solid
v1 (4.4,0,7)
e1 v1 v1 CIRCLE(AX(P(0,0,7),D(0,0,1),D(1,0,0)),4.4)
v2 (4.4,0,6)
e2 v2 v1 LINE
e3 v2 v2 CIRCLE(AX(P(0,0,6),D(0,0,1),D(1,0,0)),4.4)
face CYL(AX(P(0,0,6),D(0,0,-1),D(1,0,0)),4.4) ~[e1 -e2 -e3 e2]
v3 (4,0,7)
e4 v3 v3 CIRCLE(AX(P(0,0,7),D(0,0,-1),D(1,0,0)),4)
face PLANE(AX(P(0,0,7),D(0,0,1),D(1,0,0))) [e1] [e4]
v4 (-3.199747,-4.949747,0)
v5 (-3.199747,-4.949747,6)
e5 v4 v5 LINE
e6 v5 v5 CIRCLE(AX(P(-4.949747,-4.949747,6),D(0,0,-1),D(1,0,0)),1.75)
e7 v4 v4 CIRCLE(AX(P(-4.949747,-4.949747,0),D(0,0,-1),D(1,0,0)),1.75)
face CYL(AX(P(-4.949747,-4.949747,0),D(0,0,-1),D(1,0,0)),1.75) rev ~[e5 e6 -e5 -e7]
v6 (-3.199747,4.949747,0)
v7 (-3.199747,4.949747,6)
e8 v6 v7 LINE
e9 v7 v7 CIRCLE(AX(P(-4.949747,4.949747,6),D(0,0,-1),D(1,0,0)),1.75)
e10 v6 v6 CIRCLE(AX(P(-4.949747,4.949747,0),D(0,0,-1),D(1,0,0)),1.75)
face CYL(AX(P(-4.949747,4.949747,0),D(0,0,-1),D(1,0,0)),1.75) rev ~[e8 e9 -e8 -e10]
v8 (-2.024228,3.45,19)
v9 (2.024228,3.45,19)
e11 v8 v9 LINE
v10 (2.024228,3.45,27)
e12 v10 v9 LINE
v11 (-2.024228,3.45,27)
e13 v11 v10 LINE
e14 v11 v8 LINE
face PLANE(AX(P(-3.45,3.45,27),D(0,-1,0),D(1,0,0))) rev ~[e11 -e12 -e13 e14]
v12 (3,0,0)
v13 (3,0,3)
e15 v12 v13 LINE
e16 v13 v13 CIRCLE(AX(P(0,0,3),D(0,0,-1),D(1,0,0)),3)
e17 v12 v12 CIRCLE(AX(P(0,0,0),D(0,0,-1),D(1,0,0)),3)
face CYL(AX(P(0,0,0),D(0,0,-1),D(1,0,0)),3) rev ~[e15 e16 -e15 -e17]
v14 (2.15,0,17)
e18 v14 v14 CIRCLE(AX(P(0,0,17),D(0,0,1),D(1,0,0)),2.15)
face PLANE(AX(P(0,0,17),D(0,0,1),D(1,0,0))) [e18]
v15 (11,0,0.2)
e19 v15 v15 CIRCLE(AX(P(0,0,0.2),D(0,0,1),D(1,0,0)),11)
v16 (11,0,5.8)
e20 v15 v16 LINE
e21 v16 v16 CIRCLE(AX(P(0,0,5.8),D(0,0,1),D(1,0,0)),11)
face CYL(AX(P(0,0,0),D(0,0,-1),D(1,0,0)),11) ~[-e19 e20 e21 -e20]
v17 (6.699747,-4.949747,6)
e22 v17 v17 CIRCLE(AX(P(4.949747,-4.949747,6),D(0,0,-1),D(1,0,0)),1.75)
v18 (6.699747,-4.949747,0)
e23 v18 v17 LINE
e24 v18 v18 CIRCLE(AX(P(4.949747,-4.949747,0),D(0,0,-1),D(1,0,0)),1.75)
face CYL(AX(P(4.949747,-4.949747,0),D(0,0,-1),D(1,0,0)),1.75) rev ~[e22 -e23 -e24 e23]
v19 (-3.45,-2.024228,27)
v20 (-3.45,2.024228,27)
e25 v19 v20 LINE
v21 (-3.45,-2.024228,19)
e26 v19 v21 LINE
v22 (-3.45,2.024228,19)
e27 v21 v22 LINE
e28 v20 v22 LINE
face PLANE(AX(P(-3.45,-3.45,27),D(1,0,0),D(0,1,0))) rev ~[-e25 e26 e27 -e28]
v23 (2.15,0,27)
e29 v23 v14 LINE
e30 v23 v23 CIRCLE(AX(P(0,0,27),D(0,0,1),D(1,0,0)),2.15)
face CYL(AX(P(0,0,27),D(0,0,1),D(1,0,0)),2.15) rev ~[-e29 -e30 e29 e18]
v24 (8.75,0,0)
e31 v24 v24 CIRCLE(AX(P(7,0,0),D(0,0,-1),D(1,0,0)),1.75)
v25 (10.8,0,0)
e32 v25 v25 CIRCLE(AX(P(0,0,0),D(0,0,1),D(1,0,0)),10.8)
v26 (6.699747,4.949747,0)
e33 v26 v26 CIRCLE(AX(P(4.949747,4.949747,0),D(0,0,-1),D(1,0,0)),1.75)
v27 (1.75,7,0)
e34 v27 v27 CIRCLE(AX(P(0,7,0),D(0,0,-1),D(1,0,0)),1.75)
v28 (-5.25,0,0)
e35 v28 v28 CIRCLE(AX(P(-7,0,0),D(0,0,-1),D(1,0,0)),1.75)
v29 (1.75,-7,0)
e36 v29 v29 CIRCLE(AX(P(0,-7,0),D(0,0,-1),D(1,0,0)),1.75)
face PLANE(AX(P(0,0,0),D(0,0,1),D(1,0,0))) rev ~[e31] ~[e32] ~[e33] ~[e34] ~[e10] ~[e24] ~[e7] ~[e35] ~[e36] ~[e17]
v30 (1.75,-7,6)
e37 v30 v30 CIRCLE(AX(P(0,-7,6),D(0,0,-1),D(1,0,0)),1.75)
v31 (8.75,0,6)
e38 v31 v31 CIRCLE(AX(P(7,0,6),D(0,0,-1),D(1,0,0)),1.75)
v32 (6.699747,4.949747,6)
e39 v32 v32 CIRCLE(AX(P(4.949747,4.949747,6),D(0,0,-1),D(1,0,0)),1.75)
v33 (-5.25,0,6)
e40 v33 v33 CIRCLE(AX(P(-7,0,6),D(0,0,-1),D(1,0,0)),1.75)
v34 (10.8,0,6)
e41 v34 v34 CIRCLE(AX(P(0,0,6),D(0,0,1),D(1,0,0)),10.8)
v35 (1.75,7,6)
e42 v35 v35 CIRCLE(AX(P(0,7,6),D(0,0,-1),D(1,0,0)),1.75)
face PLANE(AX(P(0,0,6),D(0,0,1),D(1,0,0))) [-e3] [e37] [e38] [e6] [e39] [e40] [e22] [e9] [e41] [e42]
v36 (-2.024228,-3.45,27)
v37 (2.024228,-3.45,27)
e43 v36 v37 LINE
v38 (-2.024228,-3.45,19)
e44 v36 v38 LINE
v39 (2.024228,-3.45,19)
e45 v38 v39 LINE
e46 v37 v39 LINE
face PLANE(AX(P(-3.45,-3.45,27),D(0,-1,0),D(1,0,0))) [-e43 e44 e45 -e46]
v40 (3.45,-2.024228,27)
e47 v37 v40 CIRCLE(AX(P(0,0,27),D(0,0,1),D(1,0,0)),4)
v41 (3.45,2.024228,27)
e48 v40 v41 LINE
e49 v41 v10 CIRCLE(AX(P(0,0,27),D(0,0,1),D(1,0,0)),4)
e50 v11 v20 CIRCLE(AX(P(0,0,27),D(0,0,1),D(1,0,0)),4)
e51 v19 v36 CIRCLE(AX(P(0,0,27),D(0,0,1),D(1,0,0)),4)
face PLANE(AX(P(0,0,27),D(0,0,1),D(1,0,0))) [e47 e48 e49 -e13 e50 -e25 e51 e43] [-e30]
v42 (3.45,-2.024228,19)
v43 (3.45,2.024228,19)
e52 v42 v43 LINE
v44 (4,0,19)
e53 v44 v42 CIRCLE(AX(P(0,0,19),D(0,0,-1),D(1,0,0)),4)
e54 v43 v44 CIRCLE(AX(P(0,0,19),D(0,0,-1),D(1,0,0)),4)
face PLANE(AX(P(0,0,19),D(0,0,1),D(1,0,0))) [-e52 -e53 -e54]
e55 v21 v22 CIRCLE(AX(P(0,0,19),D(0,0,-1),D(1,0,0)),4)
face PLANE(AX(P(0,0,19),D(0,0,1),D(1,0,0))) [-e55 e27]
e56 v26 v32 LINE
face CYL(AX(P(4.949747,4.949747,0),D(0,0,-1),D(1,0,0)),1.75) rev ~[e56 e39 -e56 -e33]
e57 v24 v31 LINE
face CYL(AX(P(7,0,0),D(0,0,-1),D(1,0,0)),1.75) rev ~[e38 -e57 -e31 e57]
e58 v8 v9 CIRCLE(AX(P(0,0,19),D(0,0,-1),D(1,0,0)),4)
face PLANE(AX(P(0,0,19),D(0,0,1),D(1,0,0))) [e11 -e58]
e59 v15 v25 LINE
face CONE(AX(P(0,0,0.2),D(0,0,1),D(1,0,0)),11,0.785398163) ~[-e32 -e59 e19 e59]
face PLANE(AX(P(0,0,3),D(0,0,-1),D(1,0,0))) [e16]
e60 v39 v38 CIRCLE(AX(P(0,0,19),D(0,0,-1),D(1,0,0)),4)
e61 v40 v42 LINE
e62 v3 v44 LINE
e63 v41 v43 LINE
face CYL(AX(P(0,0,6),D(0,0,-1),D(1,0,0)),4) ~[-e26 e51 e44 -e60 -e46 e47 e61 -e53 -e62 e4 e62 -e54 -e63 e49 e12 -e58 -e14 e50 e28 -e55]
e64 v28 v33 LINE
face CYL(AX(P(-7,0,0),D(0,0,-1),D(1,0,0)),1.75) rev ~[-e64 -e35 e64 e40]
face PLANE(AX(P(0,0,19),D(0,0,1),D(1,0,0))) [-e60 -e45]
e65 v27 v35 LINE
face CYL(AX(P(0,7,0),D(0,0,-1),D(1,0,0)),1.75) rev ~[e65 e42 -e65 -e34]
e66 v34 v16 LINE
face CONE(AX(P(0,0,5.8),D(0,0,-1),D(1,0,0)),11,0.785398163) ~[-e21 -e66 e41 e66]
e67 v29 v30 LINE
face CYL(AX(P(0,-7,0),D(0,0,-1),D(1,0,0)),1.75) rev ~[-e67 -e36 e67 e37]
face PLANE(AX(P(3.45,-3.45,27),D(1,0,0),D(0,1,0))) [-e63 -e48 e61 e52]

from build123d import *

# Parameters (mm, degrees)
F0_R      = 11
F1_DEPTH  = 6
F2_R      = 4
F3_DEPTH  = 21
F4_R      = 4.4
F5_DEPTH  = 1
F6_W      = 10
F6_H      = 10
F6_W_2    = 6.9
F6_H_2    = 6.9
F7_DEPTH  = 8
F8_R      = 1.75
F9_DEPTH  = 25
F11_SIZE  = 0.2
F12_R     = 2.15
F13_DEPTH = 10
F10_R     = 3
F14_DEPTH = 3


with BuildPart() as f1:
    # F0 (on Top) → F1 (new body)
    with BuildSketch(Plane.XY):
        Circle(F0_R)
    extrude(amount=F1_DEPTH)

    # F2 (on face) → F3 (join)
    with BuildSketch(Plane.XY.offset(6)):
        Circle(F2_R)
    extrude(amount=F3_DEPTH)

    # F4 (on face) → F5 (join)
    with BuildSketch(Plane.XY.offset(6)):
        Circle(F4_R)
    extrude(amount=F5_DEPTH)

    # F6 (on face) → F7 (cut)
    with BuildSketch(Plane.XY.offset(27)):
        Rectangle(F6_W, F6_H)
        Rectangle(F6_W_2, F6_H_2, mode=Mode.SUBTRACT)
    extrude(amount=-F7_DEPTH, mode=Mode.SUBTRACT)

    # F8 (on face) → F9 (cut)
    with BuildSketch(Plane(origin=(0, 0, 0), x_dir=(1, 0, 0), z_dir=(0, 0, -1))):
        with Locations((0, 7)):
            Circle(F8_R)
        with Locations((-4.949747, 4.949747)):
            Circle(F8_R)
        with Locations((-7, 0)):
            Circle(F8_R)
        with Locations((-4.949747, -4.949747)):
            Circle(F8_R)
        with Locations((0, -7)):
            Circle(F8_R)
        with Locations((4.949747, -4.949747)):
            Circle(F8_R)
        with Locations((7, 0)):
            Circle(F8_R)
        with Locations((4.949747, 4.949747)):
            Circle(F8_R)
    extrude(amount=-F9_DEPTH, mode=Mode.SUBTRACT)

    # F11
    f11_edges = [f1.edges().sort_by_distance(p)[0] for p in [
        (11, 0, 3),
        (-11, 0, 0),
        (-11, 0, 6),
    ]]
    chamfer(f11_edges, length=F11_SIZE)

    # F12 (on face) → F13 (cut)
    with BuildSketch(Plane.XY.offset(27)):
        Circle(F12_R)
    extrude(amount=-F13_DEPTH, mode=Mode.SUBTRACT)

    # F10 (on face) → F14 (cut)
    with BuildSketch(Plane(origin=(0, 0, 0), x_dir=(1, 0, 0), z_dir=(0, 0, -1))):
        Circle(F10_R)
    extrude(amount=-F14_DEPTH, mode=Mode.SUBTRACT)


solid = f1.part
